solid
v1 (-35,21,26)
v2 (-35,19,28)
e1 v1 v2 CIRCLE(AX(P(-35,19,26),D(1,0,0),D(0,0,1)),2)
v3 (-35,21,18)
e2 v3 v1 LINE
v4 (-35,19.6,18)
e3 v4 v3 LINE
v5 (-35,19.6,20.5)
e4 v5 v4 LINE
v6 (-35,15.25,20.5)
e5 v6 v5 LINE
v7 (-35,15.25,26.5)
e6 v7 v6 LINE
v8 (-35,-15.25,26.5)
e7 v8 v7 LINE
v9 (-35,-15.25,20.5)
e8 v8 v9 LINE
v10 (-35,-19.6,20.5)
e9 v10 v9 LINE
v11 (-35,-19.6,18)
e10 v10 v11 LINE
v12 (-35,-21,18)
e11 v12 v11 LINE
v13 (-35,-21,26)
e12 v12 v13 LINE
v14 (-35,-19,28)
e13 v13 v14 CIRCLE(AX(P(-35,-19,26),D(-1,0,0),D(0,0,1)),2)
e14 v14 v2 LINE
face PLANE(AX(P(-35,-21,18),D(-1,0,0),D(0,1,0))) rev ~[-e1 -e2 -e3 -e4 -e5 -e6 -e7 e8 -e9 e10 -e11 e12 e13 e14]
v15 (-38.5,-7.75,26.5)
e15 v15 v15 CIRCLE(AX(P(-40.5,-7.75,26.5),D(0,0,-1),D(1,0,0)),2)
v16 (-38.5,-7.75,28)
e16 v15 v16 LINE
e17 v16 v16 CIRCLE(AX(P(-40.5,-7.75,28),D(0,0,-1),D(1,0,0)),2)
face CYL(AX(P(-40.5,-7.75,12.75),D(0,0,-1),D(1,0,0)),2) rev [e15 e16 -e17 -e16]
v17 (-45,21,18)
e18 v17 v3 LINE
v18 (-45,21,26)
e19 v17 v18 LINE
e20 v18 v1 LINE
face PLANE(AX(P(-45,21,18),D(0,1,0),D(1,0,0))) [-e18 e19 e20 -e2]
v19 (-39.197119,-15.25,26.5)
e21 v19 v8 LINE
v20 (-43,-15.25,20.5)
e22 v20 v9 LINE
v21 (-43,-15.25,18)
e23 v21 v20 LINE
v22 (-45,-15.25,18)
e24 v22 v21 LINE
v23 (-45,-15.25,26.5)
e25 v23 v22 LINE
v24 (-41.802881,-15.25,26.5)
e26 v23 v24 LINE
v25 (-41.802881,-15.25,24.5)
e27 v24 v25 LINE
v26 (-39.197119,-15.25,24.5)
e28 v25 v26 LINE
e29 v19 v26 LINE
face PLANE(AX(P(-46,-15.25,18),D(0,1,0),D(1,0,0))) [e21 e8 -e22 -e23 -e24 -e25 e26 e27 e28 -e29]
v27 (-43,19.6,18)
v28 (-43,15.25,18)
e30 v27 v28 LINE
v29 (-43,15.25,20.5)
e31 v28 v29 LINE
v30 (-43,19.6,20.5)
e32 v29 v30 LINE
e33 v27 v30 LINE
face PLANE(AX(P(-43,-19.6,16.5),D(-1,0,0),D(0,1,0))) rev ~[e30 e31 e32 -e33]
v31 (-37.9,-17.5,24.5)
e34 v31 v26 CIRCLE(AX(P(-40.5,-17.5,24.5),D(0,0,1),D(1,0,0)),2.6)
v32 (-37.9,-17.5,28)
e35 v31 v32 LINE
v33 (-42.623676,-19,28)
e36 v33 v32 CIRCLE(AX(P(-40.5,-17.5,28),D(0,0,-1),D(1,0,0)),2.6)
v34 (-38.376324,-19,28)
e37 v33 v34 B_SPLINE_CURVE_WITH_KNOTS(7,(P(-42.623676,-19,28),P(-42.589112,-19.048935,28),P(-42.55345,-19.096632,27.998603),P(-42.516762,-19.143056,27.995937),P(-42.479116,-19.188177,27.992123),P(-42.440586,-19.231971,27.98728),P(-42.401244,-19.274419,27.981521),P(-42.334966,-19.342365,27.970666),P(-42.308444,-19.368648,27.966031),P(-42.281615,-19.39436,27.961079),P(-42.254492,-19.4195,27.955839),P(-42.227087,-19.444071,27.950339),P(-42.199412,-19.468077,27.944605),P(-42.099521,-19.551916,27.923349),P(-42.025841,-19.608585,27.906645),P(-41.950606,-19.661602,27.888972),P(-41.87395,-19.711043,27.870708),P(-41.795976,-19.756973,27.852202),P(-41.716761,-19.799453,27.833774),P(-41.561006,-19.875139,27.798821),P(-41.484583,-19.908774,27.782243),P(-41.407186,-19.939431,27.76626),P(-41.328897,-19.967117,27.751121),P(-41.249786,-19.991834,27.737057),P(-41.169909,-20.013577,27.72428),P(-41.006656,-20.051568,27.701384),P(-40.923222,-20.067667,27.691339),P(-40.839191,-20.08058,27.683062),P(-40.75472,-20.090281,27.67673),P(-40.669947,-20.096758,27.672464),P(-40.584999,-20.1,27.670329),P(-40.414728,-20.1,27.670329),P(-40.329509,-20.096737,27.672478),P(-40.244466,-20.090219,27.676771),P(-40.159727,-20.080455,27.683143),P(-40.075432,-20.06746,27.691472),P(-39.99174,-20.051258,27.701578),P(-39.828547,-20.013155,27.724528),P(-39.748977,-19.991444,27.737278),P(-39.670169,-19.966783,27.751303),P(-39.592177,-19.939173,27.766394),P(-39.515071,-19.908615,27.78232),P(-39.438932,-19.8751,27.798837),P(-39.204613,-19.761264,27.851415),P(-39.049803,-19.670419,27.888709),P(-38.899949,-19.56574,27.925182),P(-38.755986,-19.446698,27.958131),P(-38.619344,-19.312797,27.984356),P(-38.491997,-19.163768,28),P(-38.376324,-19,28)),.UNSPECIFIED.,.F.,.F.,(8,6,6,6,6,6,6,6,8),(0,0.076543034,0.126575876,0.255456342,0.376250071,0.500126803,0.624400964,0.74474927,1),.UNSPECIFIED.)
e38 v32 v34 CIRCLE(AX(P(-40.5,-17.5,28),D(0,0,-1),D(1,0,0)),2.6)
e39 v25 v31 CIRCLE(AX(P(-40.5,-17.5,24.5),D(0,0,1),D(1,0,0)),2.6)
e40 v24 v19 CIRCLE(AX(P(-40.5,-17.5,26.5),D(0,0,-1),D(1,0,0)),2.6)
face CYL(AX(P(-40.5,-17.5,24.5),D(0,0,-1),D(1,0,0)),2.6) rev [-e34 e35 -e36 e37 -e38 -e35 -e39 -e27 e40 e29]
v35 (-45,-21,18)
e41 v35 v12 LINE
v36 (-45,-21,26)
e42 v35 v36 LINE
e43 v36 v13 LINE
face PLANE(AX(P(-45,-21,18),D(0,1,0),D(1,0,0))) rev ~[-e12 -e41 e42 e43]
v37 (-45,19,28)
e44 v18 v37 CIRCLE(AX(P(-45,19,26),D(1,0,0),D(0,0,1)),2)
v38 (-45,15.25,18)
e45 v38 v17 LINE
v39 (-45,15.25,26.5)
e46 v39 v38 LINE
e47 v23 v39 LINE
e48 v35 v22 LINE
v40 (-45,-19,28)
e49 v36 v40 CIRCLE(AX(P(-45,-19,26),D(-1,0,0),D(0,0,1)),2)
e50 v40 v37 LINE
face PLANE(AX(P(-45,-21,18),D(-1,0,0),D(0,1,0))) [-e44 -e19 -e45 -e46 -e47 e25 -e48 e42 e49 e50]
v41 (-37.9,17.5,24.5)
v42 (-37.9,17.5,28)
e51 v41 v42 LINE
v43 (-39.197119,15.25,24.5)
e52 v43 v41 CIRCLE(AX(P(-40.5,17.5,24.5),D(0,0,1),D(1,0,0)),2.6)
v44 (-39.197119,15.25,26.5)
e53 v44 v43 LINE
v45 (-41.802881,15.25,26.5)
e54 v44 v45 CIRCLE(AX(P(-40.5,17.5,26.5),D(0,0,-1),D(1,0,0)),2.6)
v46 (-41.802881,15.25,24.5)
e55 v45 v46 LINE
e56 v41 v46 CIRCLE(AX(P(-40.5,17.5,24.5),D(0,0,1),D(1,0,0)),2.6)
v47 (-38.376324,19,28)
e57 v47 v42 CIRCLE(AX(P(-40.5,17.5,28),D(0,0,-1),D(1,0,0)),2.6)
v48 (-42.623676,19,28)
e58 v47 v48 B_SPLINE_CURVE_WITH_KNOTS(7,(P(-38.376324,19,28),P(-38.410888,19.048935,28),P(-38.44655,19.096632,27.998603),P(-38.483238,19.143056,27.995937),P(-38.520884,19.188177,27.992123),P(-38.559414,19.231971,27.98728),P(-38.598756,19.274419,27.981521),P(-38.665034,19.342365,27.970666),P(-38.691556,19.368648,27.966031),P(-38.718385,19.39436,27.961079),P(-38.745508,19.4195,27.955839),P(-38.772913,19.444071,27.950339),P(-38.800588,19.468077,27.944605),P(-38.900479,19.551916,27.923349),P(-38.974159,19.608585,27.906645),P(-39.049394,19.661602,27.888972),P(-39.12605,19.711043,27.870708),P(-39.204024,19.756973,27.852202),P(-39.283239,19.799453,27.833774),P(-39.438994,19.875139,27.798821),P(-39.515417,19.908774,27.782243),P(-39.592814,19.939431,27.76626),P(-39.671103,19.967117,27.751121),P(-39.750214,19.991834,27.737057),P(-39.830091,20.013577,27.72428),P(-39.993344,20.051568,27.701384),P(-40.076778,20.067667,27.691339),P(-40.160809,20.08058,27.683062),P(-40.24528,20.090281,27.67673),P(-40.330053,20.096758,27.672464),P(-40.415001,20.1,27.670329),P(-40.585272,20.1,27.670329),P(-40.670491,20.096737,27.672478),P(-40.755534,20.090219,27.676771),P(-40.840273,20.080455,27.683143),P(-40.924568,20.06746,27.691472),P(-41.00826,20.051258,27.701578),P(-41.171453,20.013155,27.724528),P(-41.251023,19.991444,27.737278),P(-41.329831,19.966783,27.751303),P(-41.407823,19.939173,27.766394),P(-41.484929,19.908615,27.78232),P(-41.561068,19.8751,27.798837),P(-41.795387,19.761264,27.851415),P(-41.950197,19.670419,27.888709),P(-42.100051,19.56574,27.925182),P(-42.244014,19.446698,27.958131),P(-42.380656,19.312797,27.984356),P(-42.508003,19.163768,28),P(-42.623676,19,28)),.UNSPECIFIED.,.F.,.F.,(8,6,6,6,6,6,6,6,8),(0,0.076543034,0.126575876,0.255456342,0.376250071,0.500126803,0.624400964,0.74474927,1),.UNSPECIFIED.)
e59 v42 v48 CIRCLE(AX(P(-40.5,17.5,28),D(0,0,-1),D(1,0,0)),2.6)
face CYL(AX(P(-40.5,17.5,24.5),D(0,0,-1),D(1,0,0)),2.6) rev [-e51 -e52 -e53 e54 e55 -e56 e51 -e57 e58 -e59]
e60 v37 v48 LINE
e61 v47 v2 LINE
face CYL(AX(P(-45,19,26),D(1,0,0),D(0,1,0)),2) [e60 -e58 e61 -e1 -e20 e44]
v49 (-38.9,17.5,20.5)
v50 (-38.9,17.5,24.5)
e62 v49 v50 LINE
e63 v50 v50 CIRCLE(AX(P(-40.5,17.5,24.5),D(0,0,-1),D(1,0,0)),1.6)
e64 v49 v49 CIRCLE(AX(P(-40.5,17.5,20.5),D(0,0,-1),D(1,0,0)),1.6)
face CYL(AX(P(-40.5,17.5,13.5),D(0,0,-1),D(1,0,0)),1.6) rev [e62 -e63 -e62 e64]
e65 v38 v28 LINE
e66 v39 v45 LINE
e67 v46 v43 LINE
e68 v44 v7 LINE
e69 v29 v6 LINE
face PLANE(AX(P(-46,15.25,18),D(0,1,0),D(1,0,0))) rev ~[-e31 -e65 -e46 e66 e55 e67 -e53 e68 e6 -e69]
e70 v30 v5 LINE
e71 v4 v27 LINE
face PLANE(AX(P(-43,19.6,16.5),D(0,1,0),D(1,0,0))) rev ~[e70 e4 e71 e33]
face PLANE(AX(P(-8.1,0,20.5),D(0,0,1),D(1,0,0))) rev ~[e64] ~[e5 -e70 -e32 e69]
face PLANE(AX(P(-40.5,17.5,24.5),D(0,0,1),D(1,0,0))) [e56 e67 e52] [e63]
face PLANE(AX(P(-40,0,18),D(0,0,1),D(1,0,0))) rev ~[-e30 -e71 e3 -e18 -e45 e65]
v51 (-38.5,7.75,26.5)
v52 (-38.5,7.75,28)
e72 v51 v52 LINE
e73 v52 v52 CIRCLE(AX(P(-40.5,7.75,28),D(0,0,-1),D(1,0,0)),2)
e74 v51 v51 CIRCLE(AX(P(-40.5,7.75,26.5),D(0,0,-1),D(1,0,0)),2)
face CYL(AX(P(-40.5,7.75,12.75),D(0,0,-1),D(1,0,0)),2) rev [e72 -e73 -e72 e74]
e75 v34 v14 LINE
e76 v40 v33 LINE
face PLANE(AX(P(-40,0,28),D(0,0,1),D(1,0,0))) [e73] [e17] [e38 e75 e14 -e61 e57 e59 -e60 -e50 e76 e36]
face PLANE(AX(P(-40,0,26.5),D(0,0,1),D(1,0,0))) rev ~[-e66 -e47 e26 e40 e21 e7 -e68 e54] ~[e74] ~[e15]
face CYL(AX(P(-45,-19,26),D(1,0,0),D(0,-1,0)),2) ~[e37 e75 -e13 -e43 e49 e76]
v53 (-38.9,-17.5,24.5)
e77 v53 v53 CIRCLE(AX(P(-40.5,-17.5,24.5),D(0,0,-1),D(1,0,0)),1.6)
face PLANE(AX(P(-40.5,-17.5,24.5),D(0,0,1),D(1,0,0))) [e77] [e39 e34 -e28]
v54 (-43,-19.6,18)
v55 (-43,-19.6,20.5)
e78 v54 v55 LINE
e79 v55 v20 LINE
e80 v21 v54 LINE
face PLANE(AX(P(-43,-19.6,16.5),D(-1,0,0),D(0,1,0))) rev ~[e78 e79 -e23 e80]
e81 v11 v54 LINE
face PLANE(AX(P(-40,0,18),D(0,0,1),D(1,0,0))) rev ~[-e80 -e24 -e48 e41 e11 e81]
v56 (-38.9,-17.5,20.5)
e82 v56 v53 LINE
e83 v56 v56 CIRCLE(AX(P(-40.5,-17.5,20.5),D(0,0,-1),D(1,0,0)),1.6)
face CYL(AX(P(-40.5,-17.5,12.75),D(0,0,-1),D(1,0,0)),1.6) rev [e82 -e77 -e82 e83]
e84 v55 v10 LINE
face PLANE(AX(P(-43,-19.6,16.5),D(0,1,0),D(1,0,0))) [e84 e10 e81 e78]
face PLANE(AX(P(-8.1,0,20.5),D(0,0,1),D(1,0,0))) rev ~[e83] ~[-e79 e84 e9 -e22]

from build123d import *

# Parameters (mm, degrees)
CYLINDER322_R     = 2.6
CYLINDER322_DEPTH = 10
CYLINDER321_R     = 2.6
CYLINDER321_DEPTH = 10
CYLINDER320_R     = 1.6
CYLINDER320_DEPTH = 14
CYLINDER319_R     = 1.6
CYLINDER319_DEPTH = 15
CYLINDER326_R     = 2
CYLINDER326_DEPTH = 18
CYLINDER325_R     = 2
CYLINDER325_DEPTH = 18
BOX241_W          = 69.8
BOX241_H          = 39.2
BOX241_DEPTH      = 4
BOX240_W          = 12
BOX240_H          = 30.5
BOX240_DEPTH      = 8.5
BOX235_W          = 10
BOX235_H          = 42
BOX235_DEPTH      = 10
FILLET123_R       = 2


with BuildPart() as zylinder324:
    # Cylinder322 → Cylinder322 (new body)
    with BuildSketch(Plane(origin=(-40.5, -17.5, 24), x_dir=(1, 0, 0), z_dir=(0, 0, 1))):
        Circle(CYLINDER322_R)
    extrude(amount=CYLINDER322_DEPTH)


with BuildPart() as zylinder323:
    # Cylinder321 → Cylinder321 (new body)
    with BuildSketch(Plane(origin=(-40.5, 17.5, 24), x_dir=(1, 0, 0), z_dir=(0, 0, 1))):
        Circle(CYLINDER321_R)
    extrude(amount=CYLINDER321_DEPTH)


with BuildPart() as zylinder322:
    # Cylinder320 → Cylinder320 (new body)
    with BuildSketch(Plane(origin=(-40.5, 17.5, 13), x_dir=(1, 0, 0), z_dir=(0, 0, 1))):
        Circle(CYLINDER320_R)
    extrude(amount=CYLINDER320_DEPTH)


with BuildPart() as zylinder321:
    # Cylinder319 → Cylinder319 (new body)
    with BuildSketch(Plane(origin=(-40.5, -17.5, 12.25), x_dir=(1, 0, 0), z_dir=(0, 0, 1))):
        Circle(CYLINDER319_R)
    extrude(amount=CYLINDER319_DEPTH)


with BuildPart() as zylinder328:
    # Cylinder326 → Cylinder326 (new body)
    with BuildSketch(Plane(origin=(-40.5, -2, 12.25), x_dir=(1, 0, 0), z_dir=(0, 0, 1))):
        Circle(CYLINDER326_R)
    extrude(amount=CYLINDER326_DEPTH)


with BuildPart() as fusion217:
    # Cylinder325 → Cylinder325 (new body)
    with BuildSketch(Plane(origin=(-40.5, -17.5, 12.25), x_dir=(1, 0, 0), z_dir=(0, 0, 1))):
        Circle(CYLINDER325_R)
    extrude(amount=CYLINDER325_DEPTH)

    # Fusion217: union Zylinder328
    add(zylinder328.part)


with BuildPart() as fusion217_1:
    # Fusion217 placement: moved
    add(fusion217.part.moved(Location((0, 9.75, 0))))


with BuildPart() as board006:
    # Box241 → Box241 (new body)
    with BuildSketch(Plane(origin=(-43, -19.6, 16), x_dir=(1, 0, 0), z_dir=(0, 0, 1))):
        with Locations((34.9, 19.6)):
            Rectangle(BOX241_W, BOX241_H)
    extrude(amount=BOX241_DEPTH)


with BuildPart() as fusion216:
    # Box240 → Box240 (new body)
    with BuildSketch(Plane(origin=(-46, -15.25, 17.5), x_dir=(1, 0, 0), z_dir=(0, 0, 1))):
        with Locations((6, 15.25)):
            Rectangle(BOX240_W, BOX240_H)
    extrude(amount=BOX240_DEPTH)

    # Fusion216: union Zylinder324, Zylinder323, Zylinder322, Zylinder321, Fusion217, board006
    add(zylinder324.part)
    add(zylinder323.part)
    add(zylinder322.part)
    add(zylinder321.part)
    add(fusion217_1.part)
    add(board006.part)


with BuildPart() as cut150:
    # Box235 → Box235 (new body)
    with BuildSketch(Plane(origin=(-45, -21, 17.5), x_dir=(1, 0, 0), z_dir=(0, 0, 1))):
        with Locations((5, 21)):
            Rectangle(BOX235_W, BOX235_H)
    extrude(amount=BOX235_DEPTH)

    # Fillet123
    fillet123_edges = [cut150.edges().sort_by_distance(p)[0] for p in [
        (-40, -21, 27.5),
        (-40, 21, 27.5),
    ]]
    fillet(fillet123_edges, radius=FILLET123_R)

    # Cut150: cut Fusion216
    add(fusion216.part, mode=Mode.SUBTRACT)


with BuildPart() as cut150_1:
    # Cut150 placement: moved
    add(cut150.part.moved(Location((0, 0, 0.5))))


solid = cut150_1.part
